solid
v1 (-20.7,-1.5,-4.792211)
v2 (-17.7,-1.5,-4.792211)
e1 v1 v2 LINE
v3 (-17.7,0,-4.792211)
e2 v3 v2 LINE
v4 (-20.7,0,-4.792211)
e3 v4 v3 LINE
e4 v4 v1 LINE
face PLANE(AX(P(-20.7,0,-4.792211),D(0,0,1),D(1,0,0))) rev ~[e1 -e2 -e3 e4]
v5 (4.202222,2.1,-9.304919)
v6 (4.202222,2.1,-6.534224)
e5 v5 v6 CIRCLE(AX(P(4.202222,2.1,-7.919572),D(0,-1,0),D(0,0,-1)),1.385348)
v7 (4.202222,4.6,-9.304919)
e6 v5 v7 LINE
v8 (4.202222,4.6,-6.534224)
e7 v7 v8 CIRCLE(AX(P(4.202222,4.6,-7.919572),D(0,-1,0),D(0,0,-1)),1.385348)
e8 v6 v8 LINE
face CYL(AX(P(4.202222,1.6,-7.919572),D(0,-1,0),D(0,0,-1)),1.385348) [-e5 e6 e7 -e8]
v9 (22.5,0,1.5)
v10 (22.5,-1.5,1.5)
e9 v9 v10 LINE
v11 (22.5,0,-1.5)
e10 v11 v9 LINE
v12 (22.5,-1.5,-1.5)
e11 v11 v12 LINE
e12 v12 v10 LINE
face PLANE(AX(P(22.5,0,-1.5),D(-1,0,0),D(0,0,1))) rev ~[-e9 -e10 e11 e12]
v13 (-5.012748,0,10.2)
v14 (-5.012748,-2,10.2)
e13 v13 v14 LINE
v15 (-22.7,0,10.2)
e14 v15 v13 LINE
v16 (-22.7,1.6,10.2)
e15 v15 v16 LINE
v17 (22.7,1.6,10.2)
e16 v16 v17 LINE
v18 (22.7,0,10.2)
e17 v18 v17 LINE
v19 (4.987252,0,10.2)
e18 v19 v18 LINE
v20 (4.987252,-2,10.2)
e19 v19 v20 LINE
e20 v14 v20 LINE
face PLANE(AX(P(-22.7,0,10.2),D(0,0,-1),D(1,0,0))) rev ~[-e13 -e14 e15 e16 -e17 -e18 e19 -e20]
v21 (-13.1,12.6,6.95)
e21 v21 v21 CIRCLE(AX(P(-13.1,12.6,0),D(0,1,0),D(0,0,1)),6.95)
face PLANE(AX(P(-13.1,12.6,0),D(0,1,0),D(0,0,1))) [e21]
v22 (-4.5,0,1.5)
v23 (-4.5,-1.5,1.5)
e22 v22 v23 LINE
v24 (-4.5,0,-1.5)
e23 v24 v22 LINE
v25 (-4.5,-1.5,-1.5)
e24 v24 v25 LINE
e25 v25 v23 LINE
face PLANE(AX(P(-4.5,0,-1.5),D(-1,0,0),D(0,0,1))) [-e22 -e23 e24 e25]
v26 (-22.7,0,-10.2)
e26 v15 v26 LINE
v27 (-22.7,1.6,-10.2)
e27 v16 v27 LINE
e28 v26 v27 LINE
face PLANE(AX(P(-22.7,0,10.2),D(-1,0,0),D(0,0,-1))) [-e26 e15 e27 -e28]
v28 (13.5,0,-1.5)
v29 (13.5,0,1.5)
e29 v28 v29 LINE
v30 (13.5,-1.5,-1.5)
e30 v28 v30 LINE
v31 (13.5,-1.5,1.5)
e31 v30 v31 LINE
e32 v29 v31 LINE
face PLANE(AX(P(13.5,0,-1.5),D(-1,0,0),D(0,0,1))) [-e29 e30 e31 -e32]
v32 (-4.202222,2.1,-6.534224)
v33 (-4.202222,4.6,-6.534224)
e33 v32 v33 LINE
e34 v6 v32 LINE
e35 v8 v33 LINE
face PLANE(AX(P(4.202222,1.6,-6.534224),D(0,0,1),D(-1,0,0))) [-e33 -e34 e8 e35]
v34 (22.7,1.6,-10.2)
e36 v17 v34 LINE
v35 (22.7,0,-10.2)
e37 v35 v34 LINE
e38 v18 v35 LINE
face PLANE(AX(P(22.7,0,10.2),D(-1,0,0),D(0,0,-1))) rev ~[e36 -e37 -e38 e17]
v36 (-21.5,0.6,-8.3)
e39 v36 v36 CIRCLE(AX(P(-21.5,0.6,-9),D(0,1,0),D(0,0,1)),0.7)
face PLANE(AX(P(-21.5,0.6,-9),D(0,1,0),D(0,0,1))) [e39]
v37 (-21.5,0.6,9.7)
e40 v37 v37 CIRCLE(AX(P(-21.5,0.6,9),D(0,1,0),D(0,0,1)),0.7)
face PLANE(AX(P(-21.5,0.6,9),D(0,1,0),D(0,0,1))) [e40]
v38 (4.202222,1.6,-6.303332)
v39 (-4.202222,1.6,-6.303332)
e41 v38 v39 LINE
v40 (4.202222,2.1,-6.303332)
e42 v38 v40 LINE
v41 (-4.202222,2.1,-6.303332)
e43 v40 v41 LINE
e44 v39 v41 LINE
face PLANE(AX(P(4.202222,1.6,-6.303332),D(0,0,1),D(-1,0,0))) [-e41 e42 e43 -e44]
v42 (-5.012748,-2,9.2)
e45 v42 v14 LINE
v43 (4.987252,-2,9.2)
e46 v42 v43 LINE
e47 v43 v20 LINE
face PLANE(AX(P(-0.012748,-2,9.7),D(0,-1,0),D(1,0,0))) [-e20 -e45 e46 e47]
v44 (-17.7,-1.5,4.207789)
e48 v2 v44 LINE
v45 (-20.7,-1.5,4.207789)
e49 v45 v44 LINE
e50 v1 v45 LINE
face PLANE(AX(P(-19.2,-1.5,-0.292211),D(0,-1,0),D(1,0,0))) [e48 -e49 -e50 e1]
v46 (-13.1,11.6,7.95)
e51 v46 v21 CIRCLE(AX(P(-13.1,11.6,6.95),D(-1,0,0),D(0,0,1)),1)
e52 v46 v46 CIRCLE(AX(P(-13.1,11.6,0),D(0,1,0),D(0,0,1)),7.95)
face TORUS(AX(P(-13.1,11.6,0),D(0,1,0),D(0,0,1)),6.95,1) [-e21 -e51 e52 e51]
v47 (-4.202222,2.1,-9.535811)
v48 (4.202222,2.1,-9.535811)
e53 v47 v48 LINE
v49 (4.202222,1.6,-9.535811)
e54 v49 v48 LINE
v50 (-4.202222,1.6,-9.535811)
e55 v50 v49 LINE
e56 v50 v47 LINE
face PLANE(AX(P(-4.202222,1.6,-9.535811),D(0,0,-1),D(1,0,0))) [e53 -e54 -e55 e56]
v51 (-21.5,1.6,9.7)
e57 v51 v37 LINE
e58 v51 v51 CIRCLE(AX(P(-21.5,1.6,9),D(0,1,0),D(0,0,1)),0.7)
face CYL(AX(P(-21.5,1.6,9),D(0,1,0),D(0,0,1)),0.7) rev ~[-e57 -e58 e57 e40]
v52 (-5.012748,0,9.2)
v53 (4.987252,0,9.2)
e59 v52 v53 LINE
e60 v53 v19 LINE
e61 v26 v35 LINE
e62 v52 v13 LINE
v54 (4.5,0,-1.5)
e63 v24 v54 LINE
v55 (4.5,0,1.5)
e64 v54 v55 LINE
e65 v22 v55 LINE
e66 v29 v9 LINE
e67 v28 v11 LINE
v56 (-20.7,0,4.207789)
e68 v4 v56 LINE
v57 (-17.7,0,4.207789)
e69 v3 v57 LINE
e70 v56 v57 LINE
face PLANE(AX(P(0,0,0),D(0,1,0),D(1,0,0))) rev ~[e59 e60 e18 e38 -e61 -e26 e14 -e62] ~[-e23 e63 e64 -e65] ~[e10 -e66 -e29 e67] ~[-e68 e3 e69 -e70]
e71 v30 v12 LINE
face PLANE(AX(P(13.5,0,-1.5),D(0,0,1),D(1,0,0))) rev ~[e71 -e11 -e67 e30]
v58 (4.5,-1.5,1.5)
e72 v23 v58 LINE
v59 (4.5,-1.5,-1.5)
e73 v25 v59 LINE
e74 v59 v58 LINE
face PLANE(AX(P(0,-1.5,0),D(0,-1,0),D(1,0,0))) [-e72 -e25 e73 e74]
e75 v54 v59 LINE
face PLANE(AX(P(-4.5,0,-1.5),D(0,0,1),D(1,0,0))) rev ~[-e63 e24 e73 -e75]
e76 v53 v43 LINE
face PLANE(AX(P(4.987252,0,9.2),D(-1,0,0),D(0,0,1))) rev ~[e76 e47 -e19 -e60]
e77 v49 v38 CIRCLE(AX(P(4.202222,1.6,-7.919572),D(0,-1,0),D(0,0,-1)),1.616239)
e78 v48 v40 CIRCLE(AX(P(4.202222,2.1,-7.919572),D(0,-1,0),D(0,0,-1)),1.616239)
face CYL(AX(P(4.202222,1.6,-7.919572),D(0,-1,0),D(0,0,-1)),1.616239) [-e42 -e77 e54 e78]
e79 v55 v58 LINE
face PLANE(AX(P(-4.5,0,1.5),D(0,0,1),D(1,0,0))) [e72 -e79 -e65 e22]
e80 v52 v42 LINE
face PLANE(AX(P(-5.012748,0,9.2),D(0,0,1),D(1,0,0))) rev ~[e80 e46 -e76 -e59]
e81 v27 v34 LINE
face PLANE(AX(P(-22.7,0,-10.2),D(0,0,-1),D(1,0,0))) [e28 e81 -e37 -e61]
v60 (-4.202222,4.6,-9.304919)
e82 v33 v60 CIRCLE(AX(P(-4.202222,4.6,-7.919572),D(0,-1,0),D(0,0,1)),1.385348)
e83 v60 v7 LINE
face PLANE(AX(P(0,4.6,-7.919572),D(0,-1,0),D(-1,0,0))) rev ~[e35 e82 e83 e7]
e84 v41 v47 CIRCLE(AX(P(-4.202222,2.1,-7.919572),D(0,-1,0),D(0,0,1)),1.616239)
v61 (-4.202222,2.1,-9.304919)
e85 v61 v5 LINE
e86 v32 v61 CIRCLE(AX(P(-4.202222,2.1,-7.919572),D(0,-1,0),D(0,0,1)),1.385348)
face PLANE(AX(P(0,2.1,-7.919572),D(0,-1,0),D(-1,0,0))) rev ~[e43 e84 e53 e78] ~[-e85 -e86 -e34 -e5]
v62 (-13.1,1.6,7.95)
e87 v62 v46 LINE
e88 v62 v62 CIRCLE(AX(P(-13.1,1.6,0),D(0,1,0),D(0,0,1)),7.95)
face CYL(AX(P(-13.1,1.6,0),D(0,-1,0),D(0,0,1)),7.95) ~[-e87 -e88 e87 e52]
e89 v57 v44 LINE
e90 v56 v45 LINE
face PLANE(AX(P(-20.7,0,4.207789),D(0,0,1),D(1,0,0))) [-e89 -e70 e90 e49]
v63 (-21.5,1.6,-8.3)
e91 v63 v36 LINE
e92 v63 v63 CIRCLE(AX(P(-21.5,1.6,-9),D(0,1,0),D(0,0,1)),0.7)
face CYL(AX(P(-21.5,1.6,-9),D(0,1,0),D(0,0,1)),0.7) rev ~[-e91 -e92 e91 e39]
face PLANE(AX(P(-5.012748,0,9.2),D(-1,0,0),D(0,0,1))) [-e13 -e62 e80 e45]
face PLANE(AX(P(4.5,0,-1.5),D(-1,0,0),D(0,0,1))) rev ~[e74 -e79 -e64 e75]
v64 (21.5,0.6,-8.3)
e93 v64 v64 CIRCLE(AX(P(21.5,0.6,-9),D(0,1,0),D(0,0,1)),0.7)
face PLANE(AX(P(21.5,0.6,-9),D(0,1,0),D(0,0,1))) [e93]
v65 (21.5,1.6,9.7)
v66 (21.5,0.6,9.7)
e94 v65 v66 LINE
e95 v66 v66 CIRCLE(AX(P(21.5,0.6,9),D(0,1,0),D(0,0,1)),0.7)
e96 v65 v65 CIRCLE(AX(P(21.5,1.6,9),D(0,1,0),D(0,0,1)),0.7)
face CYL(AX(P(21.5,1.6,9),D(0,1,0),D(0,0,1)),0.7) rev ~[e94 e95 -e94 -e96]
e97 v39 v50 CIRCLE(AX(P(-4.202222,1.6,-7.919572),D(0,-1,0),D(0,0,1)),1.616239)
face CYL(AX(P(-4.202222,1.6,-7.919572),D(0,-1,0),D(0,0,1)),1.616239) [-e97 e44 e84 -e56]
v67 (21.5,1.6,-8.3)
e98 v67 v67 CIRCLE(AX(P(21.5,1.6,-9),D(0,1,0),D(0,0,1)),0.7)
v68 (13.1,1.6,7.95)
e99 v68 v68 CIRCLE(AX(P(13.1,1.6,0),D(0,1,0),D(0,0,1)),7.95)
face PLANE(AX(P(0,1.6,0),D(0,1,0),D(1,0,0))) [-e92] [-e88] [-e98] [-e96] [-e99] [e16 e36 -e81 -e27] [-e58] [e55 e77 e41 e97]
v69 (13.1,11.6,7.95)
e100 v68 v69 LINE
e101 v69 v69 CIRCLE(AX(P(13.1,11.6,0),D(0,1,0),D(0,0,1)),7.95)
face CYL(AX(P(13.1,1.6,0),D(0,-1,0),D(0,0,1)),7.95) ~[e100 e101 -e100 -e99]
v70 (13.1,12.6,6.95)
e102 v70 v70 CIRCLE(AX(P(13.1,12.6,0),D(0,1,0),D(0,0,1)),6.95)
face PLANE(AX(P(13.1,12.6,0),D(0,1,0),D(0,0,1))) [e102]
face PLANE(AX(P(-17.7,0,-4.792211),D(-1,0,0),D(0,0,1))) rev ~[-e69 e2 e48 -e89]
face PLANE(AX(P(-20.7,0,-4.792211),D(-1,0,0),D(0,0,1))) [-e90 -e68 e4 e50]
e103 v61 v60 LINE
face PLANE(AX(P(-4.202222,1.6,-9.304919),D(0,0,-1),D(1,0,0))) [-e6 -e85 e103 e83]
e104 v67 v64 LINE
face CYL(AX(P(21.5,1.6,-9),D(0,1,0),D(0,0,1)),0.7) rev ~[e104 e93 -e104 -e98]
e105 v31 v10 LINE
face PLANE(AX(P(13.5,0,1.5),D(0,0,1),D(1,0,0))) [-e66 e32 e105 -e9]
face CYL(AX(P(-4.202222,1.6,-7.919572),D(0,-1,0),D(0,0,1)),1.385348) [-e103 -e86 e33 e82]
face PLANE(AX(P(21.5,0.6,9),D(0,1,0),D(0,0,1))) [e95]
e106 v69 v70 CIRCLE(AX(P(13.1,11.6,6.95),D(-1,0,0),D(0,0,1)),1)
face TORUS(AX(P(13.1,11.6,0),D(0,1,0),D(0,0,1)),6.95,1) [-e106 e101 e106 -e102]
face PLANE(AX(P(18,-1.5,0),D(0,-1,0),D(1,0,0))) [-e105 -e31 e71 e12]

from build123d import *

# Parameters (mm, degrees)
CROQUIS1_W              = 45.4
CROQUIS1_H              = 20.4
SALIENTE_EXTRUIR1_DEPTH = 1.6
CROQUIS2_R              = 0.7
CORTAR_EXTRUIR1_DEPTH   = 1
SALIENTE_EXTRUIR2_DEPTH = 0.5
SALIENTE_EXTRUIR3_DEPTH = 3
CROQUIS9_R              = 7.95
SALIENTE_EXTRUIR4_DEPTH = 11
CROQUIS10_W             = 10
CROQUIS10_H             = 1
SALIENTE_EXTRUIR5_DEPTH = 2
REDONDEO5_R             = 1
CROQUIS13_W             = 9
CROQUIS13_H             = 3
SALIENTE_EXTRUIR6_DEPTH = 1.5
MATRIZL2_COUNT          = 2
MATRIZL2_PITCH          = 18
CROQUIS14_W             = 3
CROQUIS14_H             = 9
SALIENTE_EXTRUIR7_DEPTH = 1.5


with BuildPart() as part:
    # Croquis1 → Saliente-Extruir1 (new body)
    with BuildSketch(Plane(origin=(0, 0, 0), x_dir=(1, 0, 0), z_dir=(0, 1, 0))):
        Rectangle(CROQUIS1_W, CROQUIS1_H)
    extrude(amount=SALIENTE_EXTRUIR1_DEPTH)

    # Croquis2 → Cortar-Extruir1 (cut)
    with BuildSketch(Plane(origin=(0, 1.6, 0), x_dir=(1, 0, 0), z_dir=(0, 1, 0))):
        with Locations(Location((-21.5, 9, 0), (0, 0, 270))):
            Circle(CROQUIS2_R)
        with Locations(Location((21.5, 9, 0), (0, 0, 270))):
            Circle(CROQUIS2_R)
        with Locations(Location((21.5, -9, 0), (0, 0, 270))):
            Circle(CROQUIS2_R)
        with Locations(Location((-21.5, -9, 0), (0, 0, 270))):
            Circle(CROQUIS2_R)
    extrude(amount=-CORTAR_EXTRUIR1_DEPTH, mode=Mode.SUBTRACT)

    # Croquis3 → Saliente-Extruir2 (add)
    with BuildSketch(Plane(origin=(0, 1.6, 0), x_dir=(1, 0, 0), z_dir=(0, 1, 0))):
        with BuildLine():
            Line((-4.202221616, 9.535810589), (4.202221616, 9.535810589))
            ThreePointArc((4.202221616, 9.535810589), (5.818460699, 7.919571506), (4.202221616, 6.303332424))
            Line((4.202221616, 6.303332424), (-4.202221616, 6.303332424))
            ThreePointArc((-4.202221616, 6.303332424), (-5.818460699, 7.919571506), (-4.202221616, 9.535810589))
        make_face()
        with BuildLine():
            Line((-4.202221616, 9.304919292), (4.202221616, 9.304919292))
            ThreePointArc((4.202221616, 9.304919292), (5.587569401, 7.919571506), (4.202221616, 6.534223721))
            Line((4.202221616, 6.534223721), (-4.202221616, 6.534223721))
            ThreePointArc((-4.202221616, 6.534223721), (-5.587569401, 7.919571506), (-4.202221616, 9.304919292))
        make_face(mode=Mode.SUBTRACT)
    extrude(amount=SALIENTE_EXTRUIR2_DEPTH)

    # Croquis8 → Saliente-Extruir3 (add)
    with BuildSketch(Plane(origin=(0, 1.6, 0), x_dir=(1, 0, 0), z_dir=(0, 1, 0))):
        with BuildLine():
            Line((-4.202221616, 9.304919292), (4.202221616, 9.304919292))
            ThreePointArc((4.202221616, 9.304919292), (5.587569401, 7.919571506), (4.202221616, 6.534223721))
            Line((4.202221616, 6.534223721), (-4.202221616, 6.534223721))
            ThreePointArc((-4.202221616, 6.534223721), (-5.587569401, 7.919571506), (-4.202221616, 9.304919292))
        make_face()
    extrude(amount=SALIENTE_EXTRUIR3_DEPTH)

    # Croquis9 → Saliente-Extruir4 (add)
    with BuildSketch(Plane(origin=(0, 1.6, 0), x_dir=(1, 0, 0), z_dir=(0, 1, 0))):
        with Locations(Location((-13.1, 0, 0), (0, 0, 270))):
            Circle(CROQUIS9_R)
        with Locations(Location((13.1, 0, 0), (0, 0, 270))):
            Circle(CROQUIS9_R)
    extrude(amount=SALIENTE_EXTRUIR4_DEPTH)

    # Croquis10 → Saliente-Extruir5 (add)
    with BuildSketch(Plane.XZ):
        with Locations((-0.012747973, 9.7)):
            Rectangle(CROQUIS10_W, CROQUIS10_H)
    extrude(amount=SALIENTE_EXTRUIR5_DEPTH)

    # Redondeo5
    redondeo5_edges = [part.edges().sort_by_distance(p)[0] for p in [
        (-13.1, 12.6, -7.95),
        (13.1, 12.6, -7.95),
    ]]
    fillet(redondeo5_edges, radius=REDONDEO5_R)

    # Croquis13 → Saliente-Extruir6 (add)
    with BuildSketch(Plane.XZ):
        Rectangle(CROQUIS13_W, CROQUIS13_H)
    saliente_extruir6 = extrude(amount=SALIENTE_EXTRUIR6_DEPTH)

    # MatrizL2: Saliente-Extruir6 ×2
    with Locations(*[(i * MATRIZL2_PITCH, 0, 0) for i in range(1, MATRIZL2_COUNT)]):
        add(saliente_extruir6)

    # Croquis14 → Saliente-Extruir7 (add)
    with BuildSketch(Plane.XZ):
        with Locations((-19.2, -0.292211089)):
            Rectangle(CROQUIS14_W, CROQUIS14_H)
    extrude(amount=SALIENTE_EXTRUIR7_DEPTH)


solid = part.part
